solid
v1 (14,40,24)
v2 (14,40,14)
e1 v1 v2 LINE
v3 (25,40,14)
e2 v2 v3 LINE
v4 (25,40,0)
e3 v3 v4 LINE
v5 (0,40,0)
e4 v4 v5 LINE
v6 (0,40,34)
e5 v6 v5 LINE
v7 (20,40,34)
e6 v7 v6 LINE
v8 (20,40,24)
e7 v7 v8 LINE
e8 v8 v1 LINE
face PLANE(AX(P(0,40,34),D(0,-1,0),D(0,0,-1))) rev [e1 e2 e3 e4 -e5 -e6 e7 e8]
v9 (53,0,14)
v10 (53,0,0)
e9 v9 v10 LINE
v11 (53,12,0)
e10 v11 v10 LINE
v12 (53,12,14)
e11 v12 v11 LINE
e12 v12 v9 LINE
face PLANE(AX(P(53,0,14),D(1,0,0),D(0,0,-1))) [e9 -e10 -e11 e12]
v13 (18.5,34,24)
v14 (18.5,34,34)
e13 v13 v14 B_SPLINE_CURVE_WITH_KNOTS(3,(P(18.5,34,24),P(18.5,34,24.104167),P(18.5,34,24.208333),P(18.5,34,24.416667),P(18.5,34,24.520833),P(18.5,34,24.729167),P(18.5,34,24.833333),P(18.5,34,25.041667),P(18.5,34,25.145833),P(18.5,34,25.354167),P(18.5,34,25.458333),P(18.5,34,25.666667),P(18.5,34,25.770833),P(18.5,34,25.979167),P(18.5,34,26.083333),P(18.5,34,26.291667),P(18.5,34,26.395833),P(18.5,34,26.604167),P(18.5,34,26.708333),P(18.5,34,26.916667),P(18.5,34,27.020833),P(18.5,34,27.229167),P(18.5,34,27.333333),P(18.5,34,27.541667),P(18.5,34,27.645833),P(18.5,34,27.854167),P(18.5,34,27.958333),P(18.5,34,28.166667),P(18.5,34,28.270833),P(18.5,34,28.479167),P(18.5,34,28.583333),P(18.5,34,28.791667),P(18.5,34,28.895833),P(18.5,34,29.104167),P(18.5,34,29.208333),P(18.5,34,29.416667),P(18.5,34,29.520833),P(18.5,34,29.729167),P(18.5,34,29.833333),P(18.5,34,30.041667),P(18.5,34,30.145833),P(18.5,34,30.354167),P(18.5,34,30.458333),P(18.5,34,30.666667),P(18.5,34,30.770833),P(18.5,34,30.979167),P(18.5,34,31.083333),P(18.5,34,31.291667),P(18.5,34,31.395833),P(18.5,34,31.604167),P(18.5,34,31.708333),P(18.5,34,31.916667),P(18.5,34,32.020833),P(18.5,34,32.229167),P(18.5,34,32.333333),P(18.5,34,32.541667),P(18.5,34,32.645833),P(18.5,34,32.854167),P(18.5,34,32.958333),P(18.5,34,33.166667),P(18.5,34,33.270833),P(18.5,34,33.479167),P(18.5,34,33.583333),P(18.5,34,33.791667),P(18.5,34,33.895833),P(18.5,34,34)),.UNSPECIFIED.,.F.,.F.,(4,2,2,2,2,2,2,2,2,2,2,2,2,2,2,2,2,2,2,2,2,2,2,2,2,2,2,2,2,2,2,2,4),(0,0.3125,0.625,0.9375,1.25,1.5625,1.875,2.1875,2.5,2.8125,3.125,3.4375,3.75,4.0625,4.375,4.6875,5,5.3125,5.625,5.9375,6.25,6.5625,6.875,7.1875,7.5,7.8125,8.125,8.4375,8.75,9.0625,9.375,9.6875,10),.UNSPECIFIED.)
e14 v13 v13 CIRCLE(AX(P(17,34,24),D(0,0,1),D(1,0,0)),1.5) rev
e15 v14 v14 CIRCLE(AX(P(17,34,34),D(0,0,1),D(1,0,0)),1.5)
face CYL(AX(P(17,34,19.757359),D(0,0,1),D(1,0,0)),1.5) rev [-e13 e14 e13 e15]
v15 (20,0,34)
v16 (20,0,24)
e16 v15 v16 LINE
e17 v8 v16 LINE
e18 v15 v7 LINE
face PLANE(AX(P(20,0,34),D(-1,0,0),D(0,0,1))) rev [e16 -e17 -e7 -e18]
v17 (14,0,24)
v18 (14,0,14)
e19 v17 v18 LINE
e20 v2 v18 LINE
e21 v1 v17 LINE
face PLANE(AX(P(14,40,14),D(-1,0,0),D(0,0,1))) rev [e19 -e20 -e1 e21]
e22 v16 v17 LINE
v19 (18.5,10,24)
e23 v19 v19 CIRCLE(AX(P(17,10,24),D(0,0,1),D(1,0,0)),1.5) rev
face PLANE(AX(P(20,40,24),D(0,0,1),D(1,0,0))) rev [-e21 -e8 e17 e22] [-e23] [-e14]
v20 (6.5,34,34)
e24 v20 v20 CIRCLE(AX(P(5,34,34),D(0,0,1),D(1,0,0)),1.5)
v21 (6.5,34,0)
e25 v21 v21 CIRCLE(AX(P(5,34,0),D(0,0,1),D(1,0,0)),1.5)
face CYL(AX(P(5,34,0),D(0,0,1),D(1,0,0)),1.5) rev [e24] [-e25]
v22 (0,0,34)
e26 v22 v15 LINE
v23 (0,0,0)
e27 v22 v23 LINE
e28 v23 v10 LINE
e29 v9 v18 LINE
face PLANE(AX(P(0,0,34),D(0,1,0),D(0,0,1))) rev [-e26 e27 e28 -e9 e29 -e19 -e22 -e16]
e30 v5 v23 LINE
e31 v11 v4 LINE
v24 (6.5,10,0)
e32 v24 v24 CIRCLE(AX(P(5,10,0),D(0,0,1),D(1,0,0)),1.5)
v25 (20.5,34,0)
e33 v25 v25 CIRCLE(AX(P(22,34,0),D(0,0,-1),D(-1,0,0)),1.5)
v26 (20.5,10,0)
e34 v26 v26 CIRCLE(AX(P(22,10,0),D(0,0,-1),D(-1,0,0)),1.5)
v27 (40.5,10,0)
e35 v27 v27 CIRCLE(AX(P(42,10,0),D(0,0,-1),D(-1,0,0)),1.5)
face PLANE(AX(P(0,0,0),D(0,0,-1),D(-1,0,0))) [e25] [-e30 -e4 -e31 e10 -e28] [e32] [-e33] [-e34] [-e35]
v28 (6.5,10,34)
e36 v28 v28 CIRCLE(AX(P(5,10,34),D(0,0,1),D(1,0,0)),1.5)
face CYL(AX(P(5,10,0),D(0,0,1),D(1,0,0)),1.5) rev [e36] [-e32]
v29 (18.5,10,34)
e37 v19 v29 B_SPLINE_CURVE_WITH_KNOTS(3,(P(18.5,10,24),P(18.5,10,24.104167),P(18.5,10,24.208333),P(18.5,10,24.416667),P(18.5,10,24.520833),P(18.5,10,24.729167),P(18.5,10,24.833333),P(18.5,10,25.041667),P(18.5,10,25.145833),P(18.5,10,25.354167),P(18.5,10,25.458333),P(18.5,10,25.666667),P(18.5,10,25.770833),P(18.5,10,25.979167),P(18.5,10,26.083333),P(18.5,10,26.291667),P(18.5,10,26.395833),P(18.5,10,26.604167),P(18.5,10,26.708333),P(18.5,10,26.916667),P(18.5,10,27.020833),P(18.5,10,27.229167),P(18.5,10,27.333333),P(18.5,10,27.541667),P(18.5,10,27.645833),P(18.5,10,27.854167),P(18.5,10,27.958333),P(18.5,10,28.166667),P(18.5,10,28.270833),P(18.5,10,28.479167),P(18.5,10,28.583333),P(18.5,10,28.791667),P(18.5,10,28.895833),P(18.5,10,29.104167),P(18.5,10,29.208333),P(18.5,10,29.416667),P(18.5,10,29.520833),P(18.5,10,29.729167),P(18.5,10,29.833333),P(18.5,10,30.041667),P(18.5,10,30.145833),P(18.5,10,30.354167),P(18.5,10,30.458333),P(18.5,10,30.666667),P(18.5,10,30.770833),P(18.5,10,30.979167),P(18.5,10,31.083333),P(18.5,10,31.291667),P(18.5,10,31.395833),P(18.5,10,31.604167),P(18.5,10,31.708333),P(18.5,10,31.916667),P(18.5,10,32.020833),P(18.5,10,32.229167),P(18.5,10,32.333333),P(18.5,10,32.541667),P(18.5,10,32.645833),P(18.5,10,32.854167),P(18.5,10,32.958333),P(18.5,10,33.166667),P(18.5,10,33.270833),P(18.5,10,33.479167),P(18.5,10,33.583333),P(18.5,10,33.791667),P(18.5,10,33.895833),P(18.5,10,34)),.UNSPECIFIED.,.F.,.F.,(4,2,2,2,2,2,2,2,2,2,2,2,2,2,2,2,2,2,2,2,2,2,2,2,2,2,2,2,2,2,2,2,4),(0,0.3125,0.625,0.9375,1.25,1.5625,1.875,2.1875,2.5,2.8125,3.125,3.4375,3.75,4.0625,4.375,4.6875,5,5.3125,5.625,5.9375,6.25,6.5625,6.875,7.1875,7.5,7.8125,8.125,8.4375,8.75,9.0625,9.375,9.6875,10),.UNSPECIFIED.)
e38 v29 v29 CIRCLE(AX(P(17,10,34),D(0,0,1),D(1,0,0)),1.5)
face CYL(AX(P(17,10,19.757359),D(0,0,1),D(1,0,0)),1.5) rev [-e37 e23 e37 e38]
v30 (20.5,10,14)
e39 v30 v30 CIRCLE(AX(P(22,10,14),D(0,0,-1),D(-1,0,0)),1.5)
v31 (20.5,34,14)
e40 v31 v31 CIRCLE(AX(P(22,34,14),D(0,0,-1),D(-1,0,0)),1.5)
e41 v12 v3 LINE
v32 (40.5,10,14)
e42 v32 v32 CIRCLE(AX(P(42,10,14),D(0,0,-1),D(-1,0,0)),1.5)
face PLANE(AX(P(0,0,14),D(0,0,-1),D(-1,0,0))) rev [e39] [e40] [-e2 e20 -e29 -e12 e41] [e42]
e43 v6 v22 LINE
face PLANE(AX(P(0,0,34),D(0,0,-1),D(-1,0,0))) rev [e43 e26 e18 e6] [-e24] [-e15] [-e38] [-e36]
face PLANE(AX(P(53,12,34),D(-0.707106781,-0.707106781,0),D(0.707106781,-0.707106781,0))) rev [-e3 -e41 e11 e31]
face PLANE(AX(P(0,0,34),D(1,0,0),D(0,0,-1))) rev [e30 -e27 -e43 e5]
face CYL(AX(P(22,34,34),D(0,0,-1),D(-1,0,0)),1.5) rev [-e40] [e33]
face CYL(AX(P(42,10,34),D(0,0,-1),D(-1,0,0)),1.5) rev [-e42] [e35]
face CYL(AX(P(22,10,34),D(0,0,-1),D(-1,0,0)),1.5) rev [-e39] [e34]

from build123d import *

# Parameters (mm, degrees)
SKETCH_1_W          = 20
SKETCH_1_H          = 40
EXTRUDE_1_DEPTH     = 34
SKETCH_2_R          = 1.5
CUT_EXTRUDE_1_DEPTH = 57.178287621
EXTRUDE_START       = -34
SKETCH_3_W          = 33
SKETCH_3_H          = 40
EXTRUDE_2_DEPTH     = 14
CUT_EXTRUDE_2_DEPTH = 75.598927606
SKETCH_5_R          = 1.5
CUT_EXTRUDE_3_DEPTH = 75.598927606
SKETCH_6_W          = 6
SKETCH_6_H          = 10
CUT_EXTRUDE_4_DEPTH = 75.598927606
SKETCH_7_R          = 1.5
CUT_EXTRUDE_5_DEPTH = 10


with BuildPart() as part:
    # 草图1 → 凸台-拉伸1 (new body)
    with BuildSketch(Plane.XY):
        with Locations((10, 20)):
            Rectangle(SKETCH_1_W, SKETCH_1_H)
    extrude(amount=EXTRUDE_1_DEPTH)

    # 草图2 → 切除-拉伸1 (cut, through all)
    with BuildSketch(Plane.XY.offset(34)):
        with Locations((5, 34)):
            Circle(SKETCH_2_R)
        with Locations((5, 10)):
            Circle(SKETCH_2_R)
    extrude(amount=-CUT_EXTRUDE_1_DEPTH, mode=Mode.SUBTRACT)

    # 草图3 → 凸台-拉伸2 (add)
    with BuildSketch(Plane.XY.offset(34).offset(EXTRUDE_START)):
        with Locations((36.5, 20)):
            Rectangle(SKETCH_3_W, SKETCH_3_H)
    extrude(amount=EXTRUDE_2_DEPTH)

    # 草图4 → 切除-拉伸2 (cut, through all)
    with BuildSketch(Plane(origin=(0, 0, 0), x_dir=(-1, 0, 0), z_dir=(0, 0, -1))):
        Polygon((-25, 40), (-53, 40), (-53, 12), align=None)
    extrude(amount=-CUT_EXTRUDE_2_DEPTH, mode=Mode.SUBTRACT)

    # 草图5 → 切除-拉伸3 (cut, through all)
    with BuildSketch(Plane(origin=(0, 0, 0), x_dir=(-1, 0, 0), z_dir=(0, 0, -1))):
        with Locations((-22, 34)):
            Circle(SKETCH_5_R)
        with Locations((-22, 10)):
            Circle(SKETCH_5_R)
        with Locations((-42, 10)):
            Circle(SKETCH_5_R)
    extrude(amount=-CUT_EXTRUDE_3_DEPTH, mode=Mode.SUBTRACT)

    # 草图6 → 切除-拉伸4 (cut, through all)
    with BuildSketch(Plane.XZ):
        with Locations((17, 19)):
            Rectangle(SKETCH_6_W, SKETCH_6_H)
    extrude(amount=-CUT_EXTRUDE_4_DEPTH, mode=Mode.SUBTRACT)

    # 草图7 → 切除-拉伸5 (cut)
    with BuildSketch(Plane.XY.offset(34)):
        with Locations((17, 34)):
            Circle(SKETCH_7_R)
        with Locations((17, 10)):
            Circle(SKETCH_7_R)
    extrude(amount=-CUT_EXTRUDE_5_DEPTH, mode=Mode.SUBTRACT)


solid = part.part
